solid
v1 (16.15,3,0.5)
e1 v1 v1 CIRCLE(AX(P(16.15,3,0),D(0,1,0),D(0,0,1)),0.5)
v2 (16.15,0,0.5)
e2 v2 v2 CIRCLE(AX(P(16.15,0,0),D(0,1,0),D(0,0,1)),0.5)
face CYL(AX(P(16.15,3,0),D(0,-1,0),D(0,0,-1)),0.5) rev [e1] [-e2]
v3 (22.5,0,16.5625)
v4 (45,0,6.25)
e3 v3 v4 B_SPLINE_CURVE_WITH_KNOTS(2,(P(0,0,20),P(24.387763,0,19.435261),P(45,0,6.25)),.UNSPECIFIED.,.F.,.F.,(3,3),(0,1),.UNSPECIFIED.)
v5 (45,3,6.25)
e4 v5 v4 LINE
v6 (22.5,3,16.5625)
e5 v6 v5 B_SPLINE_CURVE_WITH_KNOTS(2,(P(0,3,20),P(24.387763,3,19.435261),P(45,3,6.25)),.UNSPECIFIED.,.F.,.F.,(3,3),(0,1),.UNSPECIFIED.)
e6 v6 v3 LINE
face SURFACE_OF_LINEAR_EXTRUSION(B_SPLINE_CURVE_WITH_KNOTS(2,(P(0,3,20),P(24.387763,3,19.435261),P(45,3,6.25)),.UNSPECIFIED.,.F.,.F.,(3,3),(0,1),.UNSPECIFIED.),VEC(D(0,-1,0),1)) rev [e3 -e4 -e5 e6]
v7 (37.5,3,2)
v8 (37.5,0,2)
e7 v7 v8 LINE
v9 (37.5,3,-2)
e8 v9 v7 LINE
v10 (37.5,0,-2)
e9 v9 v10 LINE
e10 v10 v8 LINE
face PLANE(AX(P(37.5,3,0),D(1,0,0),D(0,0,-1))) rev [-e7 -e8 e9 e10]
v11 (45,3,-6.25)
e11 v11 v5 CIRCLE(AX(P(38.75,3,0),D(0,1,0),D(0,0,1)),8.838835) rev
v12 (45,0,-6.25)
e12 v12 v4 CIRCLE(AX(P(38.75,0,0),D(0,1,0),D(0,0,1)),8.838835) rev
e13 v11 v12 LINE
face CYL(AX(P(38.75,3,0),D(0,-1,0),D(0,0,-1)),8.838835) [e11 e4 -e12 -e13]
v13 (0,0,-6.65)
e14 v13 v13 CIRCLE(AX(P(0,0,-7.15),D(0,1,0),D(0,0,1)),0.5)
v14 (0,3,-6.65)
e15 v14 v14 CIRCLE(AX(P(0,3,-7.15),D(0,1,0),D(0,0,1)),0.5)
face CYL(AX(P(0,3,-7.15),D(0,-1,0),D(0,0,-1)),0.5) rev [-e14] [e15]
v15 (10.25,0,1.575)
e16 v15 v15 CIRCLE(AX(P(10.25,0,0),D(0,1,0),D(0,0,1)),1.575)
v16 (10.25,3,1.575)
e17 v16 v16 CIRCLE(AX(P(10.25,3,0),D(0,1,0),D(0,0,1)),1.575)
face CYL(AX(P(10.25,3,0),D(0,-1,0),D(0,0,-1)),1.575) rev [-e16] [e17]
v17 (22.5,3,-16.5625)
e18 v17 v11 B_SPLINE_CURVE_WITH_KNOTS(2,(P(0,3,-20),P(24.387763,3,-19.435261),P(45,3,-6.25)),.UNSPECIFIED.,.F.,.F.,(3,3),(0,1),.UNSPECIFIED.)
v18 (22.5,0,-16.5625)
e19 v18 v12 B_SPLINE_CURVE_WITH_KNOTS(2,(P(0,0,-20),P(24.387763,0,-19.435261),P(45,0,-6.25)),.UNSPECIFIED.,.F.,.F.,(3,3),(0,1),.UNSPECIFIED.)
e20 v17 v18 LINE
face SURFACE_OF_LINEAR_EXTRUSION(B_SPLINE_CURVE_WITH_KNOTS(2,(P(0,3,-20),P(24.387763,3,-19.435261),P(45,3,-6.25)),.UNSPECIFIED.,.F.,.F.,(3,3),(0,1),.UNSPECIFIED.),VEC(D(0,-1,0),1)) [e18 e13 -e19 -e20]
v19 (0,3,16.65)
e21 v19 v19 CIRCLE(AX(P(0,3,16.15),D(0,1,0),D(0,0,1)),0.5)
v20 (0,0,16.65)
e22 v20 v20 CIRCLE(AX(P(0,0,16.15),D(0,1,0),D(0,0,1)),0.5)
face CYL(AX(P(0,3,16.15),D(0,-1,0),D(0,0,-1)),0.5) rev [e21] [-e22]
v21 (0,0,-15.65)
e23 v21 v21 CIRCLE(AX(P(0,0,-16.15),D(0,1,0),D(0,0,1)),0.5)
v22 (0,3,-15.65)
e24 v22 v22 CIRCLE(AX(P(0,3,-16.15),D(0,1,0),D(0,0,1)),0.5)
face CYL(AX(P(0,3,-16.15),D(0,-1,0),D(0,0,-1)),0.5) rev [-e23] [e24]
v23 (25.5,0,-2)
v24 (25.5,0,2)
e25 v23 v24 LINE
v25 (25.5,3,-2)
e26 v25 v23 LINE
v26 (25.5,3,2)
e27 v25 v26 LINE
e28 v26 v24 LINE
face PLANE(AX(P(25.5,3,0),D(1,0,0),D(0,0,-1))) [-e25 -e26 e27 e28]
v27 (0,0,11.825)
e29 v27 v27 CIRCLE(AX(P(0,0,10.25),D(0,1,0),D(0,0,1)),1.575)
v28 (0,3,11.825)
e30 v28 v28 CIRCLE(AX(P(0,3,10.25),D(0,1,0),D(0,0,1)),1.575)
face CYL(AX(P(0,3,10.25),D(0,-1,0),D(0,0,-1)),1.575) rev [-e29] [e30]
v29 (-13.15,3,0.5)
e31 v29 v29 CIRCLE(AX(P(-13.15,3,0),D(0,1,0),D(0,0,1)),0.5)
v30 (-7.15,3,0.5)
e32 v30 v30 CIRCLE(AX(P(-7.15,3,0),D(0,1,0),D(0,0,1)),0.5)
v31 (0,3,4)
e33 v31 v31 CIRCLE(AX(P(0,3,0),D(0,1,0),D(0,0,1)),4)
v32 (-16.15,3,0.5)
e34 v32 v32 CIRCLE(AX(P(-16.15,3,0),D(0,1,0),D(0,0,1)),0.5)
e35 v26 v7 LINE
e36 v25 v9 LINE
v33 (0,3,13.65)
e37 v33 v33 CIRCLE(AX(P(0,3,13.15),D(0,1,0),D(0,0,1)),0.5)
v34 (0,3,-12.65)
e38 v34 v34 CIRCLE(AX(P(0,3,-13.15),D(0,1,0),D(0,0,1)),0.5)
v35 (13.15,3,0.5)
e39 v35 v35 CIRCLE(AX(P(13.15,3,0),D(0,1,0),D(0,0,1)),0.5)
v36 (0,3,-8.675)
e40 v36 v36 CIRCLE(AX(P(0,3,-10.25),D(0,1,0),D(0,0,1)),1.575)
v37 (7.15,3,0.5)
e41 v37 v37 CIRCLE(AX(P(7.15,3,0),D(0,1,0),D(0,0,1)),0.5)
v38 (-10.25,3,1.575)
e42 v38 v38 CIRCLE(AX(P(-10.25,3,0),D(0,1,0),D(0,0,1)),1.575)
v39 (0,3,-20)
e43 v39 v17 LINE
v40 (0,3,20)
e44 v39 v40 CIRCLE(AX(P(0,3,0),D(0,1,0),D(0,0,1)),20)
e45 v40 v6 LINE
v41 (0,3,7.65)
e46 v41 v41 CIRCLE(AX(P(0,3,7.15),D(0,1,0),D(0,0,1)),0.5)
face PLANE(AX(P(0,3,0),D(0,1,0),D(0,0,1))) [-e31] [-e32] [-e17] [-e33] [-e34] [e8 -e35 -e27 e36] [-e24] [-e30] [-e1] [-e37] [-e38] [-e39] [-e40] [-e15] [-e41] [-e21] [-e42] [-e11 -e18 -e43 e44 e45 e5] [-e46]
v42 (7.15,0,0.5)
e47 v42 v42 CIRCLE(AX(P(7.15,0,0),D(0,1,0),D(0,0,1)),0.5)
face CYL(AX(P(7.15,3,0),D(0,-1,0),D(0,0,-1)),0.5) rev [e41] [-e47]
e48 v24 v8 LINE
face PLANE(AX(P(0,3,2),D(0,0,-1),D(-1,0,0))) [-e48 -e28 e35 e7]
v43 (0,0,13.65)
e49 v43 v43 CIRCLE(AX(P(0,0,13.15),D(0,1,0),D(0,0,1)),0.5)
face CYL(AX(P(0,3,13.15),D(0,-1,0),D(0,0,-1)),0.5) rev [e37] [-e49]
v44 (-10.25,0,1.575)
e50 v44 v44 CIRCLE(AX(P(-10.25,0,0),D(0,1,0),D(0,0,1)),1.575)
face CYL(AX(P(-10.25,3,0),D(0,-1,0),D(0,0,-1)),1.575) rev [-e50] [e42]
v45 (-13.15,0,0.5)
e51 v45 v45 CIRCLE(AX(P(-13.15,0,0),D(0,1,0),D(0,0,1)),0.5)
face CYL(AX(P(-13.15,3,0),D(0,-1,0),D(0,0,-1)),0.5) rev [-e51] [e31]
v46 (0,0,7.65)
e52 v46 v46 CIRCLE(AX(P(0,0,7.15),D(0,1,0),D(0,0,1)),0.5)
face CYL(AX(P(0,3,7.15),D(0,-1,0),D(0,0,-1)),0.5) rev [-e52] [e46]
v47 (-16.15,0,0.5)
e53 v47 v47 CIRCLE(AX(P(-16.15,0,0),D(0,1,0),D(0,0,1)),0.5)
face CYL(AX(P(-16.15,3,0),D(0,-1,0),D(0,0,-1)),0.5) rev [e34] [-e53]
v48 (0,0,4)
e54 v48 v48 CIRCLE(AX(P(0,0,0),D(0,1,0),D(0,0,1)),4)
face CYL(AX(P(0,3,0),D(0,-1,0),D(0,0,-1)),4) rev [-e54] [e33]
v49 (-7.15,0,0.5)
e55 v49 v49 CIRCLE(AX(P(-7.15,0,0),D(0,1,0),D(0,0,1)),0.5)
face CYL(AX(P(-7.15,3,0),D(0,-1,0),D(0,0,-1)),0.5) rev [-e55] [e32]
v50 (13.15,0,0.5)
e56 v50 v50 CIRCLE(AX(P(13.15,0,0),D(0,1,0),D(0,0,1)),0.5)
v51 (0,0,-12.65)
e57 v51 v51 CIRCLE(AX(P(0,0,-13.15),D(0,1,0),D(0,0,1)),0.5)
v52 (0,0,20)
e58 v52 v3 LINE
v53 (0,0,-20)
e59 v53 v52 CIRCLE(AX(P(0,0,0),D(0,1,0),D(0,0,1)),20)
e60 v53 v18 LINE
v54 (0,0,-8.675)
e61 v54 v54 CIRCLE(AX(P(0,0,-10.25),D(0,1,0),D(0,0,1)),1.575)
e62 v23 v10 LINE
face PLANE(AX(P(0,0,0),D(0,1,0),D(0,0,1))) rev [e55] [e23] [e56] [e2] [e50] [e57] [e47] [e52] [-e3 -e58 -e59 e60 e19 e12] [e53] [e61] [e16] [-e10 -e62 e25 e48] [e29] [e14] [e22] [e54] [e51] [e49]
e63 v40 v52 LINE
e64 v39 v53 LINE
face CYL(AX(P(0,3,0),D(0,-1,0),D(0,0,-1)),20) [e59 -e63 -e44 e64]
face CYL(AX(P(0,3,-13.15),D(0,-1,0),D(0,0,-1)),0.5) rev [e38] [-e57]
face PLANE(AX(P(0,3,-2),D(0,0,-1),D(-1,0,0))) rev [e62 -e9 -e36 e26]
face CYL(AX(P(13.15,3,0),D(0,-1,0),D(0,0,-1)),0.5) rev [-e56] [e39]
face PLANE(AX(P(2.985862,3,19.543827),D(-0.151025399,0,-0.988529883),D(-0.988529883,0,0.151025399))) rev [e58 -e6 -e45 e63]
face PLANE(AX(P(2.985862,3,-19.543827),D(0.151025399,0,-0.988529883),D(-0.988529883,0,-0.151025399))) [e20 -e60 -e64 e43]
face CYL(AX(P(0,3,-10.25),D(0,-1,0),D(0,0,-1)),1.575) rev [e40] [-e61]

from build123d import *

# Parameters (mm, degrees)
SKETCH1_R           = 0.5
SKETCH1_R_2         = 1.575
SKETCH1_W           = 12
SKETCH1_H           = 4
BOSS_EXTRUDE1_DEPTH = 3


with BuildPart() as part:
    # Sketch1 → Boss-Extrude1 (new body)
    with BuildSketch(Plane(origin=(0, 0, 0), x_dir=(1, 0, 0), z_dir=(0, 1, 0))):
        with BuildLine():
            add(Edge.make_bspline(
                [(22.5, -16.5625), (34.262295129, -13.118708317), (45, -6.25)],
                knots=[0.479061635, 0.479061635, 0.479061635, 1, 1, 1], degree=2))
            ThreePointArc((45, -6.25), (47.588834765, 0), (45, 6.25))
            add(Edge.make_bspline(
                [(22.5, 16.5625), (34.262295129, 13.118708317), (45, 6.25)],
                knots=[0.479061635, 0.479061635, 0.479061635, 1, 1, 1], degree=2))
            Line((22.5, 16.5625), (0, 20))
            ThreePointArc((0, 20), (-20, 0), (0, -20))
            Line((0, -20), (22.5, -16.5625))
        make_face()
        with Locations(Location((0, -16.15, 0), (0, 0, 270))):
            Circle(SKETCH1_R, mode=Mode.SUBTRACT)
        with Locations(Location((0, -13.15, 0), (0, 0, 270))):
            Circle(SKETCH1_R, mode=Mode.SUBTRACT)
        with Locations(Location((0, -10.25, 0), (0, 0, 270))):
            Circle(SKETCH1_R_2, mode=Mode.SUBTRACT)
        with Locations(Location((-16.15, 0, 0), (0, 0, 270))):
            Circle(SKETCH1_R, mode=Mode.SUBTRACT)
        with BuildLine():
            ThreePointArc((-13.65, 0), (-13.15, 0.5), (-12.65, 0))
            ThreePointArc((-12.65, 0), (-13.15, -0.5), (-13.65, 0))
        make_face(mode=Mode.SUBTRACT)
        with BuildLine():
            ThreePointArc((-7.65, 0), (-7.15, 0.5), (-6.65, 0))
            ThreePointArc((-6.65, 0), (-7.15, -0.5), (-7.65, 0))
        make_face(mode=Mode.SUBTRACT)
        with Locations(Location((0, -7.15, 0), (0, 0, 270))):
            Circle(SKETCH1_R, mode=Mode.SUBTRACT)
        with BuildLine():
            ThreePointArc((3.177944539, 2.429129166), (1.282228888, -3.78891661), (-4, 0))
            ThreePointArc((-4, 0), (-1.282228888, 3.78891661), (3.177944539, 2.429129166))
        make_face(mode=Mode.SUBTRACT)
        with Locations(Location((7.15, 0, 0), (0, 0, 270))):
            Circle(SKETCH1_R, mode=Mode.SUBTRACT)
        with Locations(Location((10.25, 0, 0), (0, 0, 270))):
            Circle(SKETCH1_R_2, mode=Mode.SUBTRACT)
        with Locations(Location((13.15, 0, 0), (0, 0, 270))):
            Circle(SKETCH1_R, mode=Mode.SUBTRACT)
        with Locations(Location((16.15, 0, 0), (0, 0, 270))):
            Circle(SKETCH1_R, mode=Mode.SUBTRACT)
        with BuildLine():
            ThreePointArc((-11.825, 0), (-10.25, 1.575), (-8.675, 0))
            ThreePointArc((-8.675, 0), (-10.25, -1.575), (-11.825, 0))
        make_face(mode=Mode.SUBTRACT)
        with Locations(Location((0, 7.15, 0), (0, 0, 270))):
            Circle(SKETCH1_R, mode=Mode.SUBTRACT)
        with Locations(Location((0, 10.25, 0), (0, 0, 270))):
            Circle(SKETCH1_R_2, mode=Mode.SUBTRACT)
        with Locations(Location((0, 13.15, 0), (0, 0, 270))):
            Circle(SKETCH1_R, mode=Mode.SUBTRACT)
        with Locations(Location((0, 16.15, 0), (0, 0, 270))):
            Circle(SKETCH1_R, mode=Mode.SUBTRACT)
        with Locations((31.5, 0)):
            Rectangle(SKETCH1_W, SKETCH1_H, mode=Mode.SUBTRACT)
    extrude(amount=BOSS_EXTRUDE1_DEPTH)


solid = part.part
